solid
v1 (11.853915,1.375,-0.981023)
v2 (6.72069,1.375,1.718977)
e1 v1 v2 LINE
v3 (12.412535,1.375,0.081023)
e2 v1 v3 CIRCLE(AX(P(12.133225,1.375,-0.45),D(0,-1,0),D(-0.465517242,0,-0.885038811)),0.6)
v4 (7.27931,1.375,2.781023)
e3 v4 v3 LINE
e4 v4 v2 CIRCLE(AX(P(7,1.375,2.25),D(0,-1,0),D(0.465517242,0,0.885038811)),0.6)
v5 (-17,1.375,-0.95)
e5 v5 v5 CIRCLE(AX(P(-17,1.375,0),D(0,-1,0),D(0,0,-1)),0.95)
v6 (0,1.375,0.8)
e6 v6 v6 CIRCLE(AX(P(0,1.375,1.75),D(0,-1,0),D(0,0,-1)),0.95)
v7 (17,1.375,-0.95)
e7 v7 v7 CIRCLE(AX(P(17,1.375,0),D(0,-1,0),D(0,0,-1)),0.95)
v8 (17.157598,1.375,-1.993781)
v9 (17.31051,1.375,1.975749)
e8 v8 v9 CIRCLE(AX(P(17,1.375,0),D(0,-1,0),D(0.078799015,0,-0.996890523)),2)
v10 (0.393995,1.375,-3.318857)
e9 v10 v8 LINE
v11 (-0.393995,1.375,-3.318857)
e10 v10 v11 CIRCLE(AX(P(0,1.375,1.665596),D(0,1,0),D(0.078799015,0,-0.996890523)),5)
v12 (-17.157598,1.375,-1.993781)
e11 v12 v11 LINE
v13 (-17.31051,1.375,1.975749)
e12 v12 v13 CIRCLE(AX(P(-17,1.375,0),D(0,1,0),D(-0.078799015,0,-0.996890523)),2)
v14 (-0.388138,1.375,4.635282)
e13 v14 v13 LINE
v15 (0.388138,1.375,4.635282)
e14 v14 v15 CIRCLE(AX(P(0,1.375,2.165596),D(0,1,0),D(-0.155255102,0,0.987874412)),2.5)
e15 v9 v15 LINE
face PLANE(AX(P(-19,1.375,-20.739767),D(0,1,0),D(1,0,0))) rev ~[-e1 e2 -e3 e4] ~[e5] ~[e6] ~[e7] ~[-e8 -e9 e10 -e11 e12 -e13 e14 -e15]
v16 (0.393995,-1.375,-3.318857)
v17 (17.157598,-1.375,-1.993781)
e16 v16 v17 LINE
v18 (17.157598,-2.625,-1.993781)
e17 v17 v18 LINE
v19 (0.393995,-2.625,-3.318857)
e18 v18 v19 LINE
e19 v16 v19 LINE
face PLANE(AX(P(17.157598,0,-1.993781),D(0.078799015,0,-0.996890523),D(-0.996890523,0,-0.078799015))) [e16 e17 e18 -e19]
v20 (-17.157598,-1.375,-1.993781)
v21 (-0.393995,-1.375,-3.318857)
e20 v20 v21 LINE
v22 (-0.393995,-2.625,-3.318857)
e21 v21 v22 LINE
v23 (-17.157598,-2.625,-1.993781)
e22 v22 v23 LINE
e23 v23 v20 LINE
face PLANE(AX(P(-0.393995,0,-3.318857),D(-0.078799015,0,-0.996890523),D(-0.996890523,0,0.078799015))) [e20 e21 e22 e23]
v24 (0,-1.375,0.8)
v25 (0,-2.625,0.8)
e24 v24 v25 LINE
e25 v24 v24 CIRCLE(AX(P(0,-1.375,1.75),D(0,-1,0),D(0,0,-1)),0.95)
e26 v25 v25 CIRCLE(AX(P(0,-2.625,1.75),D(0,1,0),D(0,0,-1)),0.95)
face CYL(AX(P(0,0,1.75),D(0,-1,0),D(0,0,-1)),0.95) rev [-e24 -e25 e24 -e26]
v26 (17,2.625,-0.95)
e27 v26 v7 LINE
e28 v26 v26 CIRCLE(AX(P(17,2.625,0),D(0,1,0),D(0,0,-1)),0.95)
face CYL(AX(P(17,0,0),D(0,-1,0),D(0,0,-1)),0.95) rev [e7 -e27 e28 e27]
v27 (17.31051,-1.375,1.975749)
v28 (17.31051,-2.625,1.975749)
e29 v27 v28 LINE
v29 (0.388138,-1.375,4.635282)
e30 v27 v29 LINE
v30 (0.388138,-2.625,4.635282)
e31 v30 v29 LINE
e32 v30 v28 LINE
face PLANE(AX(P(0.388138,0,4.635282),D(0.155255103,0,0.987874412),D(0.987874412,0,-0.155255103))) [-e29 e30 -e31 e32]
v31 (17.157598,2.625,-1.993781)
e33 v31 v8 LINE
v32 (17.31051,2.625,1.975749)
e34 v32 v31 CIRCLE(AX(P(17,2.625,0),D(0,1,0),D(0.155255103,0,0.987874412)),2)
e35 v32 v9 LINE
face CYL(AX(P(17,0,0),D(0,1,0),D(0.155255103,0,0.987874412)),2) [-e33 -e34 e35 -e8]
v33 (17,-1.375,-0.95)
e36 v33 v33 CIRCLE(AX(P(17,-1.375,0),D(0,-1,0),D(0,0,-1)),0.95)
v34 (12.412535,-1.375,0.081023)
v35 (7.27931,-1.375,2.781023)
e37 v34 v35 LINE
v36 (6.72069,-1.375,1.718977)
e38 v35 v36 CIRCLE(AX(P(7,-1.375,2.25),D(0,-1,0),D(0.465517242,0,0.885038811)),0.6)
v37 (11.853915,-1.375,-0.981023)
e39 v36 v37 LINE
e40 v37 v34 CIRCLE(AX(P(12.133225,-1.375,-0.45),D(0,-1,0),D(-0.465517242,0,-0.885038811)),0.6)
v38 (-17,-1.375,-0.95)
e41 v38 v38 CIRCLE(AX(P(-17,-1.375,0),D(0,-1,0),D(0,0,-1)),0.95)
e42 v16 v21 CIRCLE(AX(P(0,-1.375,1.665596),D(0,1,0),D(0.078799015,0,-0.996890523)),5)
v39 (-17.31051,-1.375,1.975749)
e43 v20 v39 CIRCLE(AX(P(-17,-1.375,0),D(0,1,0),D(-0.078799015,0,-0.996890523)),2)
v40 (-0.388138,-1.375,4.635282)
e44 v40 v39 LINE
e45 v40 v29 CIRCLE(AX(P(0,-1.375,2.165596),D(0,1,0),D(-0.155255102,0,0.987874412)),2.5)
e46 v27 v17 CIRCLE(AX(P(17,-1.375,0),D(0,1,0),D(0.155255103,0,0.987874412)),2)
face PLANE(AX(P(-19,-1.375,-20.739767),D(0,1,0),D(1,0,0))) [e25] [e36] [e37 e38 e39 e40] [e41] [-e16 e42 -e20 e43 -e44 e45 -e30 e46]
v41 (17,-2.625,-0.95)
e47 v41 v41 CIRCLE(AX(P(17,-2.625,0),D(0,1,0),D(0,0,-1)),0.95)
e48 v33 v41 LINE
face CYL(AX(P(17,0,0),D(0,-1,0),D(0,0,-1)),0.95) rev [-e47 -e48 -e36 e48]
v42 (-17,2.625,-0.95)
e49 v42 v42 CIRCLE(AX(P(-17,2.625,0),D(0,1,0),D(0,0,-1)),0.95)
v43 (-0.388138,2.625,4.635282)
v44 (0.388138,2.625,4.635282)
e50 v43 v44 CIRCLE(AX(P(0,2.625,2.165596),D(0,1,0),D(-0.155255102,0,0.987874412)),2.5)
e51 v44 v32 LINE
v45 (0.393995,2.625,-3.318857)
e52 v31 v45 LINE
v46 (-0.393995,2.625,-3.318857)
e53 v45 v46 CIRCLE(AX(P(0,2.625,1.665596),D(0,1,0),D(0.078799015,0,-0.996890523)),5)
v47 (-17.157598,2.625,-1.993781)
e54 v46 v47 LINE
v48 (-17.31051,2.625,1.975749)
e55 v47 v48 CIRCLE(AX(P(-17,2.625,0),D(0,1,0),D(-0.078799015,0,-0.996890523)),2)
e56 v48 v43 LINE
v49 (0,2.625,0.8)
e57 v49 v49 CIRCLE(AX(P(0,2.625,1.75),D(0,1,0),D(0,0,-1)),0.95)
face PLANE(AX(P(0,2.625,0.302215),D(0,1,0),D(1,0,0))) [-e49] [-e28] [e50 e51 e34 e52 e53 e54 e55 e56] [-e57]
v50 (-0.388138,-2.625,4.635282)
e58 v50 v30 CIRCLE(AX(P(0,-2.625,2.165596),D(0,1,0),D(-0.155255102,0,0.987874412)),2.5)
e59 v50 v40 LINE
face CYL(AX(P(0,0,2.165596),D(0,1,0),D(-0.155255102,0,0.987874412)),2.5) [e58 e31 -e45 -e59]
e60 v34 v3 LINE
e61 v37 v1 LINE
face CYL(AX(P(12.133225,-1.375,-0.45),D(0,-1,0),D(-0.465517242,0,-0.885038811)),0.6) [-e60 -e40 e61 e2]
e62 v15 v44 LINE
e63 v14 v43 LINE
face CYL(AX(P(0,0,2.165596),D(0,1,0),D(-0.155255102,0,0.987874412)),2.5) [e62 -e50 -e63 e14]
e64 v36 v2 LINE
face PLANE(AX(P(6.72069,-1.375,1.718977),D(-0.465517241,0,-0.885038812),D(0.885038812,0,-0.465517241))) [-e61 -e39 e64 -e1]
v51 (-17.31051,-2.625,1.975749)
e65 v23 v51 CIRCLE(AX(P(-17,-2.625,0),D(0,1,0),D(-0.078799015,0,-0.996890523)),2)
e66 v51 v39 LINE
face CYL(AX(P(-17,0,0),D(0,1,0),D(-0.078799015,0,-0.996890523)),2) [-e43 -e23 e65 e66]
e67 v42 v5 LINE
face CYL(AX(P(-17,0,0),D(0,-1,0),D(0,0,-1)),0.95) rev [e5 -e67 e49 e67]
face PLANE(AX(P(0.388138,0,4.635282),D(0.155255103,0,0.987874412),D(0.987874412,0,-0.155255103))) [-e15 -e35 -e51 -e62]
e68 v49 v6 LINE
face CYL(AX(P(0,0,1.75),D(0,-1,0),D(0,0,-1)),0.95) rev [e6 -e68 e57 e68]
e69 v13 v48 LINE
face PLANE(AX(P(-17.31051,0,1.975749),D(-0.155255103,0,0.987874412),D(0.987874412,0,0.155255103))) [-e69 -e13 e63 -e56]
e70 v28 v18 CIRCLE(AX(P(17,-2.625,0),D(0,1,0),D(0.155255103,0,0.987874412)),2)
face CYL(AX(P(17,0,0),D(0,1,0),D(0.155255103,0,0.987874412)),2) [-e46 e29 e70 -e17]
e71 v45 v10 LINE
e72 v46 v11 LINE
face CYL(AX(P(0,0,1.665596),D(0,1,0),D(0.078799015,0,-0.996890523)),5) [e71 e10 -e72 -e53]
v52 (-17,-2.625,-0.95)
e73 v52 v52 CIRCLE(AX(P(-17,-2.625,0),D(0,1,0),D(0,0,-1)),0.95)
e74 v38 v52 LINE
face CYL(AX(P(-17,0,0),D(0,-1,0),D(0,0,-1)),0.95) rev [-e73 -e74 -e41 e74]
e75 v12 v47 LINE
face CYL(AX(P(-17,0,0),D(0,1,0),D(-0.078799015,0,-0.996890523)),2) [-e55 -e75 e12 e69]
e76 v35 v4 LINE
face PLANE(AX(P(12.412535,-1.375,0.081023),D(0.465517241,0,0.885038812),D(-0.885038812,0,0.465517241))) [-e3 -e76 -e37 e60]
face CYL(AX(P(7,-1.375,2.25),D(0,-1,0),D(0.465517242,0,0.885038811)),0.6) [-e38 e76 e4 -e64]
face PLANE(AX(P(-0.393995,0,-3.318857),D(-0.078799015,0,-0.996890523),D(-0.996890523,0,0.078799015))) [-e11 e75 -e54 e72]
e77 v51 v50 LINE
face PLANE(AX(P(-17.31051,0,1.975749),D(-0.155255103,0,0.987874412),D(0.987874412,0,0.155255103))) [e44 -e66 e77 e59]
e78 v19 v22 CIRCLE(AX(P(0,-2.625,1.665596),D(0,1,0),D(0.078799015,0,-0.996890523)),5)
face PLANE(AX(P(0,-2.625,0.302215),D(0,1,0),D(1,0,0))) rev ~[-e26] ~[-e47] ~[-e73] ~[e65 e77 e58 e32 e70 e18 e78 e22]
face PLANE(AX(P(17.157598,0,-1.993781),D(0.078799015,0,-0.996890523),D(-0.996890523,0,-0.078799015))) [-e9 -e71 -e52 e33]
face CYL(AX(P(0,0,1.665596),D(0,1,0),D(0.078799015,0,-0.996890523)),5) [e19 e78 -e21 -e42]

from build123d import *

# Parameters (mm, degrees)
SKETCH1_R                = 0.95
BOSS_EXTRUDE1_DEPTH      = 2.625
CUT_EXTRUDE1_DEPTH       = 20.73976722
CUT_EXTRUDE1_DEPTH_BACK  = 20.73976722
SKETCH3_W                = 38
SKETCH3_H                = 2.75
BOSS_EXTRUDE2_DEPTH      = 2.625
BOSS_EXTRUDE2_DEPTH_BACK = 1.375


with BuildPart() as part:
    # Sketch1 → Boss-Extrude1 (new, symmetric)
    with BuildSketch(Plane(origin=(0, 0, 0), x_dir=(1, 0, 0), z_dir=(0, 1, 0))):
        with BuildLine():
            Line((-0.393995074, 3.318856737), (-17.15759803, 1.993781046))
            ThreePointArc((-17.15759803, 1.993781046), (-18.998517745, 0.076985867), (-17.310510206, -1.975748823))
            Line((-17.310510206, -1.975748823), (-0.388137758, -4.635281908))
            ThreePointArc((-0.388137758, -4.635281908), (0, -4.665595879), (0.388137758, -4.635281908))
            Line((0.388137758, -4.635281908), (17.310510206, -1.975748823))
            ThreePointArc((17.310510206, -1.975748823), (18.998517745, 0.076985867), (17.15759803, 1.993781046))
            Line((17.15759803, 1.993781046), (0.393995074, 3.318856737))
            ThreePointArc((0.393995074, 3.318856737), (0, 3.334404121), (-0.393995074, 3.318856737))
        make_face()
        with Locations(Location((-17, 0, 0), (0, 0, 90))):
            Circle(SKETCH1_R, mode=Mode.SUBTRACT)
        with Locations(Location((17, 0, 0), (0, 0, 90))):
            Circle(SKETCH1_R, mode=Mode.SUBTRACT)
        with Locations(Location((0, -1.75, 0), (0, 0, 90))):
            Circle(SKETCH1_R, mode=Mode.SUBTRACT)
    extrude(amount=BOSS_EXTRUDE1_DEPTH, both=True)

    # Sketch3 → Cut-Extrude1 (cut, two sides: drawn at the far end of the back side and taken through both)
    with BuildSketch(Plane.XY.offset(-CUT_EXTRUDE1_DEPTH_BACK)):
        Rectangle(SKETCH3_W, SKETCH3_H)
    extrude(amount=CUT_EXTRUDE1_DEPTH + CUT_EXTRUDE1_DEPTH_BACK, mode=Mode.SUBTRACT)


with BuildPart() as cut_extrude1_piece_1:
    # of the separate pieces the step leaves, piece 1, a body of its own (cut_extrude1_pieces)
    add(part.part.solids().sort_by_distance((17.15759803, -1.375, -1.993781046))[0])



with BuildPart() as cut_extrude1_piece_2:
    # of the separate pieces the step leaves, piece 2, a body of its own (cut_extrude1_pieces)
    add(part.part.solids().sort_by_distance((17.15759803, 2.625, -1.993781046))[0])


with BuildPart() as cut_extrude1_piece_1_1:
    add(cut_extrude1_piece_1.part)

    add(cut_extrude1_piece_2.part)  # Boss-Extrude2 merges Cut-Extrude1 piece 2
    # Sketch4 → Boss-Extrude2 (add, two sides: drawn at the far end of the back side and taken through both)
    with BuildSketch(Plane(origin=(0, 0, 0), x_dir=(1, 0, 0), z_dir=(0, 1, 0)).offset(-BOSS_EXTRUDE2_DEPTH_BACK)):
        with BuildLine():
            Line((12.412535452, -0.081023287), (7.279310345, -2.781023287))
            ThreePointArc((7.279310345, -2.781023287), (6.468976713, -2.529310345), (6.720689655, -1.718976713))
            Line((6.720689655, -1.718976713), (11.853914762, 0.981023287))
            ThreePointArc((11.853914762, 0.981023287), (12.664248394, 0.729310345), (12.412535452, -0.081023287))
        make_face()
    extrude(amount=BOSS_EXTRUDE2_DEPTH + BOSS_EXTRUDE2_DEPTH_BACK)


solid = cut_extrude1_piece_1_1.part
